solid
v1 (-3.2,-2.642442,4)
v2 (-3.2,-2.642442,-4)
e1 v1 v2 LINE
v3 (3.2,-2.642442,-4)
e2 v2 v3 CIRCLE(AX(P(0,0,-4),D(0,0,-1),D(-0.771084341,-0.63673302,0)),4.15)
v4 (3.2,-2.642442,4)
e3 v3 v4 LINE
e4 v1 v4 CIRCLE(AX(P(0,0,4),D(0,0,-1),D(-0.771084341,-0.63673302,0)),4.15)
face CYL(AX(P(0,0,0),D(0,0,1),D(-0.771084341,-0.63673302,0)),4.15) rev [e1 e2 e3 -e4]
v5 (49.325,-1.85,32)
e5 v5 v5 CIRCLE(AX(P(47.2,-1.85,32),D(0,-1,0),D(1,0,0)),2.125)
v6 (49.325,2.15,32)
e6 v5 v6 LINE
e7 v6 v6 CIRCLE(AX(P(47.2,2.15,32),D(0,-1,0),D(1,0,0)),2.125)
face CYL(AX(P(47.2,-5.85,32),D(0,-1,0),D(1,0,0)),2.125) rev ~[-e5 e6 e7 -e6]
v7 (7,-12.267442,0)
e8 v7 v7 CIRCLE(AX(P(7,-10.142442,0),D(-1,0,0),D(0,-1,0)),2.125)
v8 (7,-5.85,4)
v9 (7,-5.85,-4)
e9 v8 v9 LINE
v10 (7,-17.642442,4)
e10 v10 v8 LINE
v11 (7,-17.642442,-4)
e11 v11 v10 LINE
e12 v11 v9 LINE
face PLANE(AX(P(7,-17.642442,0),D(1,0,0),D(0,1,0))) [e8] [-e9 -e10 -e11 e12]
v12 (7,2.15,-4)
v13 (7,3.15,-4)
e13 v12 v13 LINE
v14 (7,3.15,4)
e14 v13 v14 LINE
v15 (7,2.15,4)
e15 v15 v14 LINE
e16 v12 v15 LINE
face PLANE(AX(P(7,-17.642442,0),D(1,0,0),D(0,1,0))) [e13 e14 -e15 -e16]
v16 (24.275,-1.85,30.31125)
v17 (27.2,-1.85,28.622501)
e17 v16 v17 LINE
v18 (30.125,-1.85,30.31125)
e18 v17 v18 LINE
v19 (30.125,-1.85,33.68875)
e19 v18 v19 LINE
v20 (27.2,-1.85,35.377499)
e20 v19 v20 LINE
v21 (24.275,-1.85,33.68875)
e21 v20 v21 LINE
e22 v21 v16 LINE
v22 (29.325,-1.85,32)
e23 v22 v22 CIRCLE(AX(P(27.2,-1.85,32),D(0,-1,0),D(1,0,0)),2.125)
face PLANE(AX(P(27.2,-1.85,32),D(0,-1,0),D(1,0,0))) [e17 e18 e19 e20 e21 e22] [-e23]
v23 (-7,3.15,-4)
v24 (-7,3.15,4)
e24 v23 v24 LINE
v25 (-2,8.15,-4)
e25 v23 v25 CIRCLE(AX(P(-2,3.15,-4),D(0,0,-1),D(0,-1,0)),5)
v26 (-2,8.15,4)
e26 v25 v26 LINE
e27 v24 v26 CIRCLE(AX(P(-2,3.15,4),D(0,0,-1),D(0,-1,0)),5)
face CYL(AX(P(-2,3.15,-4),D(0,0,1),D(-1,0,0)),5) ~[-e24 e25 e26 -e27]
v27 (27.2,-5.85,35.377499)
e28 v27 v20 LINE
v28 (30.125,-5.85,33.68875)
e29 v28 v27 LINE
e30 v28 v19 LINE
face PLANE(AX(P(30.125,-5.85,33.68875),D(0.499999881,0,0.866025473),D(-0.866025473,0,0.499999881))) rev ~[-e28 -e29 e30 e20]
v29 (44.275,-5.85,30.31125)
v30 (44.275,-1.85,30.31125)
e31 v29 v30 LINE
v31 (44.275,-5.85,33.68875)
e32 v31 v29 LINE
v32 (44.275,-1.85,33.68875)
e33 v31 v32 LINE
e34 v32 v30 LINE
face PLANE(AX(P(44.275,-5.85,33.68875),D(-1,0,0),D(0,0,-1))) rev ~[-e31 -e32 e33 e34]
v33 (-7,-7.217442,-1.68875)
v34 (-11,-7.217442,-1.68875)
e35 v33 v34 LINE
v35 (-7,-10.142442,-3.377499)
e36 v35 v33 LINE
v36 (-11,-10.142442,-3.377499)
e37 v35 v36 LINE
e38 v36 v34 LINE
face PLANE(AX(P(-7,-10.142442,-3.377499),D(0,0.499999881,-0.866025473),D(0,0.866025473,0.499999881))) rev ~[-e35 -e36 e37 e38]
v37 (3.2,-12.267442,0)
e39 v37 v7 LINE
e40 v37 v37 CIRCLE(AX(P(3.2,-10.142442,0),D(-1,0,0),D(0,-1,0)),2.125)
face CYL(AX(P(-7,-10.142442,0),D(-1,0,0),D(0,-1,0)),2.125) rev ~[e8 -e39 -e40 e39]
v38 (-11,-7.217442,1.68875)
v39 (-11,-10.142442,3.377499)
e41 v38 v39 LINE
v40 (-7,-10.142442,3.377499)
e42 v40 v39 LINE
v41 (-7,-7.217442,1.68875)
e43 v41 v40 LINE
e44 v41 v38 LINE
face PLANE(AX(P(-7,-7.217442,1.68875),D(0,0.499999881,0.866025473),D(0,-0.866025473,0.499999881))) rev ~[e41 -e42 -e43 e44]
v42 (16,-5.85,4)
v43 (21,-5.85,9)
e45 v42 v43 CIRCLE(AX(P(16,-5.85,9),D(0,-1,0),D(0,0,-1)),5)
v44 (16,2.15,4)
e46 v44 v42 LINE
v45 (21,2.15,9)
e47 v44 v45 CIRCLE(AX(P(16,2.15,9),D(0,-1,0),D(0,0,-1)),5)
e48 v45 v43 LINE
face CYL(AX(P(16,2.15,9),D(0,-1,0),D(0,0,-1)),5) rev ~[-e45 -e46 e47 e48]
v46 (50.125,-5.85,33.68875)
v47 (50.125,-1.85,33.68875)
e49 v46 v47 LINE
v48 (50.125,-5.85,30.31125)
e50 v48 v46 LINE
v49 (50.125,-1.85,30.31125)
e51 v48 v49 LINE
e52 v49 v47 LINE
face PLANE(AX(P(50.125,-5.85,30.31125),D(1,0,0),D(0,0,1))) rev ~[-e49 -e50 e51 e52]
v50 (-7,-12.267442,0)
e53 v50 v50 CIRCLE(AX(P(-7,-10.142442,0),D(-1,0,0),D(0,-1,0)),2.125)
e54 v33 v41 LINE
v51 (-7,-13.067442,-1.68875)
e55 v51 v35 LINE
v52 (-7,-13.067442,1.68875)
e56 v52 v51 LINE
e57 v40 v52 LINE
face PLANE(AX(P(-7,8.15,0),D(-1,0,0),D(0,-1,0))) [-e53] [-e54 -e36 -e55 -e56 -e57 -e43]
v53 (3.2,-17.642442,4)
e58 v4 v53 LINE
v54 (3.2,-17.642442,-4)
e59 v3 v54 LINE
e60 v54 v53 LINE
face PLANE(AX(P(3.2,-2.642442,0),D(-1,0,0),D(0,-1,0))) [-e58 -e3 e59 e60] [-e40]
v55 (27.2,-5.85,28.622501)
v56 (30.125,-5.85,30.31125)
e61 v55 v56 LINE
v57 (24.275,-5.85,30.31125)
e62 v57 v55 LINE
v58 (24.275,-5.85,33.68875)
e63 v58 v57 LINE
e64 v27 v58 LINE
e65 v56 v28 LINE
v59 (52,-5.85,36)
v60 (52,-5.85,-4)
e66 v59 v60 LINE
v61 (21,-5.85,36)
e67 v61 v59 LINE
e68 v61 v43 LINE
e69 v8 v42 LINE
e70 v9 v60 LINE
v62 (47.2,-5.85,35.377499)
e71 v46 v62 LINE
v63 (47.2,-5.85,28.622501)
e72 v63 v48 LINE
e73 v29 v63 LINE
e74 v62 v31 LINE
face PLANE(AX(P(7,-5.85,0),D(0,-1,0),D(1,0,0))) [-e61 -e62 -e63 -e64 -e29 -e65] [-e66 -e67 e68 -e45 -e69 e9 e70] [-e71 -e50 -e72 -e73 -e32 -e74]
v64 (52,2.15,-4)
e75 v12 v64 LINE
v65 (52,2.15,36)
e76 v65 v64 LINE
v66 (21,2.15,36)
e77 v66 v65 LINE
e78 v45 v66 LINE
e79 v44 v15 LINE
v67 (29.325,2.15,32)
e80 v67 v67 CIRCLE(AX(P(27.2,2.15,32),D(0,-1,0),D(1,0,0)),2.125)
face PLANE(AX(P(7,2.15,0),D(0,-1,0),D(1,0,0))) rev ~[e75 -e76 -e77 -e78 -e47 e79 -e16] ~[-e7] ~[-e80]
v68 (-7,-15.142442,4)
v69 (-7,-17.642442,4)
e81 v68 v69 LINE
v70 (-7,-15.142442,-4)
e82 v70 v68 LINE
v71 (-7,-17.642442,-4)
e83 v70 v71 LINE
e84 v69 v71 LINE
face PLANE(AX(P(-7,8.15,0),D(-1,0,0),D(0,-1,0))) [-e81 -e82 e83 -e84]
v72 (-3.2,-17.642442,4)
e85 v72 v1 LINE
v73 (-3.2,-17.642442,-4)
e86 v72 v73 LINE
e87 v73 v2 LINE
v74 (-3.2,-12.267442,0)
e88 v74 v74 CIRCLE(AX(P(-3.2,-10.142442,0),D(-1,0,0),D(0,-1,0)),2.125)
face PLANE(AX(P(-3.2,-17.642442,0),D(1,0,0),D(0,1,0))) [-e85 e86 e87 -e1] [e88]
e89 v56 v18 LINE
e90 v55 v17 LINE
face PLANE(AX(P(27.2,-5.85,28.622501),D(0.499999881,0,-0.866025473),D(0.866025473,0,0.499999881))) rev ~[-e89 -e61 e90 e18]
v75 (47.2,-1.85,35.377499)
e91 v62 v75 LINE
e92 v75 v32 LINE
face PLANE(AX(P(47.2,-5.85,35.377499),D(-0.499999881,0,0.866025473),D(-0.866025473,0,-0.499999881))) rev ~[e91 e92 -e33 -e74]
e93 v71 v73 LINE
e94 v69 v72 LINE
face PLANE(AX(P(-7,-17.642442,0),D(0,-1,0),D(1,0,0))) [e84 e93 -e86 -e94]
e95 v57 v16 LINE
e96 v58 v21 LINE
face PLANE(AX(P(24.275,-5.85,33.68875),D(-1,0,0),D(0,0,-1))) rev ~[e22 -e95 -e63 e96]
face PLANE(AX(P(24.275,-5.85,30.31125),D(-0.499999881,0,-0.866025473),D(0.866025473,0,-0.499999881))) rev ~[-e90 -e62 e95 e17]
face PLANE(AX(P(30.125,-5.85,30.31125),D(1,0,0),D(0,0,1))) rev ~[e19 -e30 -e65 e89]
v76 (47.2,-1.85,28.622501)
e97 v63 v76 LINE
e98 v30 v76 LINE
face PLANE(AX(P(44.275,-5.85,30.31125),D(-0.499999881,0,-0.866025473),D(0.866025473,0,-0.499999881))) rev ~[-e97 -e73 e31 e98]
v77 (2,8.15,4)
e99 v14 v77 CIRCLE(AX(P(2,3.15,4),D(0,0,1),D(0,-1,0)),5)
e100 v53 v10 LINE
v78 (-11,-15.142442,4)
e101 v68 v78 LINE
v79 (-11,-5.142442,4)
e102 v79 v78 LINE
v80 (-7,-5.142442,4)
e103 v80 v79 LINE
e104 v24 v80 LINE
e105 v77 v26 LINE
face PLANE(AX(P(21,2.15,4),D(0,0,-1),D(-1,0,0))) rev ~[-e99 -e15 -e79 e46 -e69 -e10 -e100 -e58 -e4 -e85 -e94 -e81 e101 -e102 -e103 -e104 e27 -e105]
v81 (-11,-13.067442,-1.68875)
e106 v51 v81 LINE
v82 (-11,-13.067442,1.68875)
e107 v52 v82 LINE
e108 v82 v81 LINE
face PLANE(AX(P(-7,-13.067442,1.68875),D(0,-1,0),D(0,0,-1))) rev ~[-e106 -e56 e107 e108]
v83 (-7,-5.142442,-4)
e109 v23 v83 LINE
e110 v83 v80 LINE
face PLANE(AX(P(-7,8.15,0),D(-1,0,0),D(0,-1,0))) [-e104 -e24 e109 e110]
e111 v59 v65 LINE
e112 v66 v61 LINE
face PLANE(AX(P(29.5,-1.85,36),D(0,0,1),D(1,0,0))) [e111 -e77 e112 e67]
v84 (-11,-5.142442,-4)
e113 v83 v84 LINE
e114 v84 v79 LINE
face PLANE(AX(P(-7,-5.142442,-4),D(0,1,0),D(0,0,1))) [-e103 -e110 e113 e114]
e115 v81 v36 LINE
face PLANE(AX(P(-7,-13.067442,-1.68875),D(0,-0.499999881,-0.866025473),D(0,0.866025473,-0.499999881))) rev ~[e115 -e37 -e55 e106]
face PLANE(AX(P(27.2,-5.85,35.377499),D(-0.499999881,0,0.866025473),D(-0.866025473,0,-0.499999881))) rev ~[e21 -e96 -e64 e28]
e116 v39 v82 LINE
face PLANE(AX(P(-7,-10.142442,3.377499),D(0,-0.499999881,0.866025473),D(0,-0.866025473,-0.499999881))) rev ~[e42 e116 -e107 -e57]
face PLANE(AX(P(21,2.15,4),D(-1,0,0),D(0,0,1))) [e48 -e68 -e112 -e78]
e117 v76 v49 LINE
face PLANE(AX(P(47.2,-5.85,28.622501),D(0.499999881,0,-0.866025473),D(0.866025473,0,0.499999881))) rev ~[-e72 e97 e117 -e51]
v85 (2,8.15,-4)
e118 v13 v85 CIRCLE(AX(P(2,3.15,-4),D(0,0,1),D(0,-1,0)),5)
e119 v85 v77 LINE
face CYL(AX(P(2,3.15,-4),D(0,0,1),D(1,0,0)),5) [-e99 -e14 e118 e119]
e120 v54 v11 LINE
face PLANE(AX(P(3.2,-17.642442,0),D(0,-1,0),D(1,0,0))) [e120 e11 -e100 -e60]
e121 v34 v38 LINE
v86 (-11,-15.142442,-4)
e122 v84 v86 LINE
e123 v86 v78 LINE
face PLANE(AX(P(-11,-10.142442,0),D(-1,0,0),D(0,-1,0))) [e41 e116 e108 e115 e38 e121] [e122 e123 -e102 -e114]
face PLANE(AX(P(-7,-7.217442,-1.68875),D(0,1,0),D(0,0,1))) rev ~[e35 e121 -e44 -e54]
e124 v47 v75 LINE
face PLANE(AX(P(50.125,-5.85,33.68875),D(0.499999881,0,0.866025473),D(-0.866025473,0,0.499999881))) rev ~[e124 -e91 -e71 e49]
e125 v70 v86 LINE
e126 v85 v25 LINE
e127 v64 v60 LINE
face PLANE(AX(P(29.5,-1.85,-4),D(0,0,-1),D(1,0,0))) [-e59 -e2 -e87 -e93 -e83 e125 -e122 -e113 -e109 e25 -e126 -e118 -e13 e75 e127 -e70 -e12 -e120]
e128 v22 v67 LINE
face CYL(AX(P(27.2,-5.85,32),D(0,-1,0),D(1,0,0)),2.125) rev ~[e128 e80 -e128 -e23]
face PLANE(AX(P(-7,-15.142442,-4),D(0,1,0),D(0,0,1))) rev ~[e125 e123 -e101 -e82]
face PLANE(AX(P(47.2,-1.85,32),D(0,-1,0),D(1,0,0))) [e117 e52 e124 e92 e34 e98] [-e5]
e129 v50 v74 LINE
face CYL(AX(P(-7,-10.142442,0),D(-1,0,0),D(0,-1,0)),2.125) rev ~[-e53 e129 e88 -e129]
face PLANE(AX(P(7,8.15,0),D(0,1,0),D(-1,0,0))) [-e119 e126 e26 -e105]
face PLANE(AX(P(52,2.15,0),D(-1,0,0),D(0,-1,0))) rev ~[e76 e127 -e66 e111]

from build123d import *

# Parameters (mm, degrees)
F1_DEPTH  = 4
F2_R      = 5
F3_R      = 2.125
F4_DEPTH  = 25
F5_W      = 10
F5_H      = 8
F6_DEPTH  = 4
F7_W      = 45
F7_H      = 8
F8_DEPTH  = 36
F9_W      = 45
F9_H      = 8
F10_DEPTH = 4
F11_R     = 2.125
F12_DEPTH = 25
F14_DEPTH = 4
F15_W     = 14
F15_H     = 32
F16_DEPTH = 25
F17_R     = 5


with BuildPart() as f1:
    # F0 (on Top) → F1 (new body, symmetric)
    with BuildSketch(Plane.XY):
        with BuildLine():
            ThreePointArc((-3.2, -2.642442), (0, 4.15), (3.2, -2.642442))
            Line((3.2, -2.642442), (3.2, -17.642442))
            Line((3.2, -17.642442), (7, -17.642442))
            Line((7, -17.642442), (7, -2.65))
            Line((7, -2.65), (7, -1.85))
            Line((7, -1.85), (7, 2.35))
            Line((7, 2.35), (7, 8.15))
            Line((7, 8.15), (-7, 8.15))
            Line((-7, 8.15), (-7, 3.15))
            Line((-7, 3.15), (-7, -17.642442))
            Line((-7, -17.642442), (-3.2, -17.642442))
            Line((-3.2, -17.642442), (-3.2, -2.642442))
        make_face()
    extrude(amount=F1_DEPTH, both=True)

    # F2
    f2_edges = [f1.edges().sort_by_distance(p)[0] for p in [
        (-7, 8.15, 0),
    ]]
    fillet(f2_edges, radius=F2_R)

    # F3 (on face) → F4 (cut)
    with BuildSketch(Plane(origin=(-7, 0, 0), x_dir=(0, -1, 0), z_dir=(-1, 0, 0))):
        with Locations((10.142442, 0)):
            Circle(F3_R)
    extrude(amount=-F4_DEPTH, mode=Mode.SUBTRACT)

    # F5 (on face) → F6 (join)
    with BuildSketch(Plane(origin=(-7, 0, 0), x_dir=(0, -1, 0), z_dir=(-1, 0, 0))):
        with Locations((10.142442, 0)):
            Rectangle(F5_W, F5_H)
        Polygon((10.142442, 3.377499), (13.067442, 1.68875), (13.067442, -1.68875), (10.142442, -3.377499), (7.217442, -1.68875), (7.217442, 1.68875), align=None, mode=Mode.SUBTRACT)
    extrude(amount=F6_DEPTH)

    # F7 (on Top) → F8 (join)
    with BuildSketch(Plane.XY):
        with Locations((29.5, -1.85)):
            Rectangle(F7_W, F7_H)
    extrude(amount=F8_DEPTH)

    # F9 (on face) → F10 (join)
    with BuildSketch(Plane(origin=(0, 0, 0), x_dir=(1, 0, 0), z_dir=(0, 0, -1))):
        with Locations((29.5, 1.85)):
            Rectangle(F9_W, F9_H)
    extrude(amount=F10_DEPTH)

    # F11 (on face) → F12 (cut)
    with BuildSketch(Plane.XZ.offset(5.85)):
        with Locations((27.2, 32)):
            Circle(F11_R)
        with Locations((47.2, 32)):
            Circle(F11_R)
    extrude(amount=-F12_DEPTH, mode=Mode.SUBTRACT)

    # F13 (on face) → F14 (cut)
    with BuildSketch(Plane.XZ.offset(5.85)):
        Polygon((30.125, 30.31125), (30.125, 33.68875), (27.2, 35.377499), (24.275, 33.68875), (24.275, 30.31125), (27.2, 28.622501), align=None)
        Polygon((44.275, 33.68875), (44.275, 30.31125), (47.2, 28.622501), (50.125, 30.31125), (50.125, 33.68875), (47.2, 35.377499), align=None)
    extrude(amount=-F14_DEPTH, mode=Mode.SUBTRACT)

    # F15 (on face) → F16 (cut)
    with BuildSketch(Plane(origin=(0, 2.15, 0), x_dir=(-1, 0, 0), z_dir=(0, 1, 0))):
        with Locations((-14, 20)):
            Rectangle(F15_W, F15_H)
    extrude(amount=-F16_DEPTH, mode=Mode.SUBTRACT)

    # F17
    f17_edges = [f1.edges().sort_by_distance(p)[0] for p in [
        (21, -1.85, 4),
        (7, 8.15, 0),
    ]]
    fillet(f17_edges, radius=F17_R)


solid = f1.part
